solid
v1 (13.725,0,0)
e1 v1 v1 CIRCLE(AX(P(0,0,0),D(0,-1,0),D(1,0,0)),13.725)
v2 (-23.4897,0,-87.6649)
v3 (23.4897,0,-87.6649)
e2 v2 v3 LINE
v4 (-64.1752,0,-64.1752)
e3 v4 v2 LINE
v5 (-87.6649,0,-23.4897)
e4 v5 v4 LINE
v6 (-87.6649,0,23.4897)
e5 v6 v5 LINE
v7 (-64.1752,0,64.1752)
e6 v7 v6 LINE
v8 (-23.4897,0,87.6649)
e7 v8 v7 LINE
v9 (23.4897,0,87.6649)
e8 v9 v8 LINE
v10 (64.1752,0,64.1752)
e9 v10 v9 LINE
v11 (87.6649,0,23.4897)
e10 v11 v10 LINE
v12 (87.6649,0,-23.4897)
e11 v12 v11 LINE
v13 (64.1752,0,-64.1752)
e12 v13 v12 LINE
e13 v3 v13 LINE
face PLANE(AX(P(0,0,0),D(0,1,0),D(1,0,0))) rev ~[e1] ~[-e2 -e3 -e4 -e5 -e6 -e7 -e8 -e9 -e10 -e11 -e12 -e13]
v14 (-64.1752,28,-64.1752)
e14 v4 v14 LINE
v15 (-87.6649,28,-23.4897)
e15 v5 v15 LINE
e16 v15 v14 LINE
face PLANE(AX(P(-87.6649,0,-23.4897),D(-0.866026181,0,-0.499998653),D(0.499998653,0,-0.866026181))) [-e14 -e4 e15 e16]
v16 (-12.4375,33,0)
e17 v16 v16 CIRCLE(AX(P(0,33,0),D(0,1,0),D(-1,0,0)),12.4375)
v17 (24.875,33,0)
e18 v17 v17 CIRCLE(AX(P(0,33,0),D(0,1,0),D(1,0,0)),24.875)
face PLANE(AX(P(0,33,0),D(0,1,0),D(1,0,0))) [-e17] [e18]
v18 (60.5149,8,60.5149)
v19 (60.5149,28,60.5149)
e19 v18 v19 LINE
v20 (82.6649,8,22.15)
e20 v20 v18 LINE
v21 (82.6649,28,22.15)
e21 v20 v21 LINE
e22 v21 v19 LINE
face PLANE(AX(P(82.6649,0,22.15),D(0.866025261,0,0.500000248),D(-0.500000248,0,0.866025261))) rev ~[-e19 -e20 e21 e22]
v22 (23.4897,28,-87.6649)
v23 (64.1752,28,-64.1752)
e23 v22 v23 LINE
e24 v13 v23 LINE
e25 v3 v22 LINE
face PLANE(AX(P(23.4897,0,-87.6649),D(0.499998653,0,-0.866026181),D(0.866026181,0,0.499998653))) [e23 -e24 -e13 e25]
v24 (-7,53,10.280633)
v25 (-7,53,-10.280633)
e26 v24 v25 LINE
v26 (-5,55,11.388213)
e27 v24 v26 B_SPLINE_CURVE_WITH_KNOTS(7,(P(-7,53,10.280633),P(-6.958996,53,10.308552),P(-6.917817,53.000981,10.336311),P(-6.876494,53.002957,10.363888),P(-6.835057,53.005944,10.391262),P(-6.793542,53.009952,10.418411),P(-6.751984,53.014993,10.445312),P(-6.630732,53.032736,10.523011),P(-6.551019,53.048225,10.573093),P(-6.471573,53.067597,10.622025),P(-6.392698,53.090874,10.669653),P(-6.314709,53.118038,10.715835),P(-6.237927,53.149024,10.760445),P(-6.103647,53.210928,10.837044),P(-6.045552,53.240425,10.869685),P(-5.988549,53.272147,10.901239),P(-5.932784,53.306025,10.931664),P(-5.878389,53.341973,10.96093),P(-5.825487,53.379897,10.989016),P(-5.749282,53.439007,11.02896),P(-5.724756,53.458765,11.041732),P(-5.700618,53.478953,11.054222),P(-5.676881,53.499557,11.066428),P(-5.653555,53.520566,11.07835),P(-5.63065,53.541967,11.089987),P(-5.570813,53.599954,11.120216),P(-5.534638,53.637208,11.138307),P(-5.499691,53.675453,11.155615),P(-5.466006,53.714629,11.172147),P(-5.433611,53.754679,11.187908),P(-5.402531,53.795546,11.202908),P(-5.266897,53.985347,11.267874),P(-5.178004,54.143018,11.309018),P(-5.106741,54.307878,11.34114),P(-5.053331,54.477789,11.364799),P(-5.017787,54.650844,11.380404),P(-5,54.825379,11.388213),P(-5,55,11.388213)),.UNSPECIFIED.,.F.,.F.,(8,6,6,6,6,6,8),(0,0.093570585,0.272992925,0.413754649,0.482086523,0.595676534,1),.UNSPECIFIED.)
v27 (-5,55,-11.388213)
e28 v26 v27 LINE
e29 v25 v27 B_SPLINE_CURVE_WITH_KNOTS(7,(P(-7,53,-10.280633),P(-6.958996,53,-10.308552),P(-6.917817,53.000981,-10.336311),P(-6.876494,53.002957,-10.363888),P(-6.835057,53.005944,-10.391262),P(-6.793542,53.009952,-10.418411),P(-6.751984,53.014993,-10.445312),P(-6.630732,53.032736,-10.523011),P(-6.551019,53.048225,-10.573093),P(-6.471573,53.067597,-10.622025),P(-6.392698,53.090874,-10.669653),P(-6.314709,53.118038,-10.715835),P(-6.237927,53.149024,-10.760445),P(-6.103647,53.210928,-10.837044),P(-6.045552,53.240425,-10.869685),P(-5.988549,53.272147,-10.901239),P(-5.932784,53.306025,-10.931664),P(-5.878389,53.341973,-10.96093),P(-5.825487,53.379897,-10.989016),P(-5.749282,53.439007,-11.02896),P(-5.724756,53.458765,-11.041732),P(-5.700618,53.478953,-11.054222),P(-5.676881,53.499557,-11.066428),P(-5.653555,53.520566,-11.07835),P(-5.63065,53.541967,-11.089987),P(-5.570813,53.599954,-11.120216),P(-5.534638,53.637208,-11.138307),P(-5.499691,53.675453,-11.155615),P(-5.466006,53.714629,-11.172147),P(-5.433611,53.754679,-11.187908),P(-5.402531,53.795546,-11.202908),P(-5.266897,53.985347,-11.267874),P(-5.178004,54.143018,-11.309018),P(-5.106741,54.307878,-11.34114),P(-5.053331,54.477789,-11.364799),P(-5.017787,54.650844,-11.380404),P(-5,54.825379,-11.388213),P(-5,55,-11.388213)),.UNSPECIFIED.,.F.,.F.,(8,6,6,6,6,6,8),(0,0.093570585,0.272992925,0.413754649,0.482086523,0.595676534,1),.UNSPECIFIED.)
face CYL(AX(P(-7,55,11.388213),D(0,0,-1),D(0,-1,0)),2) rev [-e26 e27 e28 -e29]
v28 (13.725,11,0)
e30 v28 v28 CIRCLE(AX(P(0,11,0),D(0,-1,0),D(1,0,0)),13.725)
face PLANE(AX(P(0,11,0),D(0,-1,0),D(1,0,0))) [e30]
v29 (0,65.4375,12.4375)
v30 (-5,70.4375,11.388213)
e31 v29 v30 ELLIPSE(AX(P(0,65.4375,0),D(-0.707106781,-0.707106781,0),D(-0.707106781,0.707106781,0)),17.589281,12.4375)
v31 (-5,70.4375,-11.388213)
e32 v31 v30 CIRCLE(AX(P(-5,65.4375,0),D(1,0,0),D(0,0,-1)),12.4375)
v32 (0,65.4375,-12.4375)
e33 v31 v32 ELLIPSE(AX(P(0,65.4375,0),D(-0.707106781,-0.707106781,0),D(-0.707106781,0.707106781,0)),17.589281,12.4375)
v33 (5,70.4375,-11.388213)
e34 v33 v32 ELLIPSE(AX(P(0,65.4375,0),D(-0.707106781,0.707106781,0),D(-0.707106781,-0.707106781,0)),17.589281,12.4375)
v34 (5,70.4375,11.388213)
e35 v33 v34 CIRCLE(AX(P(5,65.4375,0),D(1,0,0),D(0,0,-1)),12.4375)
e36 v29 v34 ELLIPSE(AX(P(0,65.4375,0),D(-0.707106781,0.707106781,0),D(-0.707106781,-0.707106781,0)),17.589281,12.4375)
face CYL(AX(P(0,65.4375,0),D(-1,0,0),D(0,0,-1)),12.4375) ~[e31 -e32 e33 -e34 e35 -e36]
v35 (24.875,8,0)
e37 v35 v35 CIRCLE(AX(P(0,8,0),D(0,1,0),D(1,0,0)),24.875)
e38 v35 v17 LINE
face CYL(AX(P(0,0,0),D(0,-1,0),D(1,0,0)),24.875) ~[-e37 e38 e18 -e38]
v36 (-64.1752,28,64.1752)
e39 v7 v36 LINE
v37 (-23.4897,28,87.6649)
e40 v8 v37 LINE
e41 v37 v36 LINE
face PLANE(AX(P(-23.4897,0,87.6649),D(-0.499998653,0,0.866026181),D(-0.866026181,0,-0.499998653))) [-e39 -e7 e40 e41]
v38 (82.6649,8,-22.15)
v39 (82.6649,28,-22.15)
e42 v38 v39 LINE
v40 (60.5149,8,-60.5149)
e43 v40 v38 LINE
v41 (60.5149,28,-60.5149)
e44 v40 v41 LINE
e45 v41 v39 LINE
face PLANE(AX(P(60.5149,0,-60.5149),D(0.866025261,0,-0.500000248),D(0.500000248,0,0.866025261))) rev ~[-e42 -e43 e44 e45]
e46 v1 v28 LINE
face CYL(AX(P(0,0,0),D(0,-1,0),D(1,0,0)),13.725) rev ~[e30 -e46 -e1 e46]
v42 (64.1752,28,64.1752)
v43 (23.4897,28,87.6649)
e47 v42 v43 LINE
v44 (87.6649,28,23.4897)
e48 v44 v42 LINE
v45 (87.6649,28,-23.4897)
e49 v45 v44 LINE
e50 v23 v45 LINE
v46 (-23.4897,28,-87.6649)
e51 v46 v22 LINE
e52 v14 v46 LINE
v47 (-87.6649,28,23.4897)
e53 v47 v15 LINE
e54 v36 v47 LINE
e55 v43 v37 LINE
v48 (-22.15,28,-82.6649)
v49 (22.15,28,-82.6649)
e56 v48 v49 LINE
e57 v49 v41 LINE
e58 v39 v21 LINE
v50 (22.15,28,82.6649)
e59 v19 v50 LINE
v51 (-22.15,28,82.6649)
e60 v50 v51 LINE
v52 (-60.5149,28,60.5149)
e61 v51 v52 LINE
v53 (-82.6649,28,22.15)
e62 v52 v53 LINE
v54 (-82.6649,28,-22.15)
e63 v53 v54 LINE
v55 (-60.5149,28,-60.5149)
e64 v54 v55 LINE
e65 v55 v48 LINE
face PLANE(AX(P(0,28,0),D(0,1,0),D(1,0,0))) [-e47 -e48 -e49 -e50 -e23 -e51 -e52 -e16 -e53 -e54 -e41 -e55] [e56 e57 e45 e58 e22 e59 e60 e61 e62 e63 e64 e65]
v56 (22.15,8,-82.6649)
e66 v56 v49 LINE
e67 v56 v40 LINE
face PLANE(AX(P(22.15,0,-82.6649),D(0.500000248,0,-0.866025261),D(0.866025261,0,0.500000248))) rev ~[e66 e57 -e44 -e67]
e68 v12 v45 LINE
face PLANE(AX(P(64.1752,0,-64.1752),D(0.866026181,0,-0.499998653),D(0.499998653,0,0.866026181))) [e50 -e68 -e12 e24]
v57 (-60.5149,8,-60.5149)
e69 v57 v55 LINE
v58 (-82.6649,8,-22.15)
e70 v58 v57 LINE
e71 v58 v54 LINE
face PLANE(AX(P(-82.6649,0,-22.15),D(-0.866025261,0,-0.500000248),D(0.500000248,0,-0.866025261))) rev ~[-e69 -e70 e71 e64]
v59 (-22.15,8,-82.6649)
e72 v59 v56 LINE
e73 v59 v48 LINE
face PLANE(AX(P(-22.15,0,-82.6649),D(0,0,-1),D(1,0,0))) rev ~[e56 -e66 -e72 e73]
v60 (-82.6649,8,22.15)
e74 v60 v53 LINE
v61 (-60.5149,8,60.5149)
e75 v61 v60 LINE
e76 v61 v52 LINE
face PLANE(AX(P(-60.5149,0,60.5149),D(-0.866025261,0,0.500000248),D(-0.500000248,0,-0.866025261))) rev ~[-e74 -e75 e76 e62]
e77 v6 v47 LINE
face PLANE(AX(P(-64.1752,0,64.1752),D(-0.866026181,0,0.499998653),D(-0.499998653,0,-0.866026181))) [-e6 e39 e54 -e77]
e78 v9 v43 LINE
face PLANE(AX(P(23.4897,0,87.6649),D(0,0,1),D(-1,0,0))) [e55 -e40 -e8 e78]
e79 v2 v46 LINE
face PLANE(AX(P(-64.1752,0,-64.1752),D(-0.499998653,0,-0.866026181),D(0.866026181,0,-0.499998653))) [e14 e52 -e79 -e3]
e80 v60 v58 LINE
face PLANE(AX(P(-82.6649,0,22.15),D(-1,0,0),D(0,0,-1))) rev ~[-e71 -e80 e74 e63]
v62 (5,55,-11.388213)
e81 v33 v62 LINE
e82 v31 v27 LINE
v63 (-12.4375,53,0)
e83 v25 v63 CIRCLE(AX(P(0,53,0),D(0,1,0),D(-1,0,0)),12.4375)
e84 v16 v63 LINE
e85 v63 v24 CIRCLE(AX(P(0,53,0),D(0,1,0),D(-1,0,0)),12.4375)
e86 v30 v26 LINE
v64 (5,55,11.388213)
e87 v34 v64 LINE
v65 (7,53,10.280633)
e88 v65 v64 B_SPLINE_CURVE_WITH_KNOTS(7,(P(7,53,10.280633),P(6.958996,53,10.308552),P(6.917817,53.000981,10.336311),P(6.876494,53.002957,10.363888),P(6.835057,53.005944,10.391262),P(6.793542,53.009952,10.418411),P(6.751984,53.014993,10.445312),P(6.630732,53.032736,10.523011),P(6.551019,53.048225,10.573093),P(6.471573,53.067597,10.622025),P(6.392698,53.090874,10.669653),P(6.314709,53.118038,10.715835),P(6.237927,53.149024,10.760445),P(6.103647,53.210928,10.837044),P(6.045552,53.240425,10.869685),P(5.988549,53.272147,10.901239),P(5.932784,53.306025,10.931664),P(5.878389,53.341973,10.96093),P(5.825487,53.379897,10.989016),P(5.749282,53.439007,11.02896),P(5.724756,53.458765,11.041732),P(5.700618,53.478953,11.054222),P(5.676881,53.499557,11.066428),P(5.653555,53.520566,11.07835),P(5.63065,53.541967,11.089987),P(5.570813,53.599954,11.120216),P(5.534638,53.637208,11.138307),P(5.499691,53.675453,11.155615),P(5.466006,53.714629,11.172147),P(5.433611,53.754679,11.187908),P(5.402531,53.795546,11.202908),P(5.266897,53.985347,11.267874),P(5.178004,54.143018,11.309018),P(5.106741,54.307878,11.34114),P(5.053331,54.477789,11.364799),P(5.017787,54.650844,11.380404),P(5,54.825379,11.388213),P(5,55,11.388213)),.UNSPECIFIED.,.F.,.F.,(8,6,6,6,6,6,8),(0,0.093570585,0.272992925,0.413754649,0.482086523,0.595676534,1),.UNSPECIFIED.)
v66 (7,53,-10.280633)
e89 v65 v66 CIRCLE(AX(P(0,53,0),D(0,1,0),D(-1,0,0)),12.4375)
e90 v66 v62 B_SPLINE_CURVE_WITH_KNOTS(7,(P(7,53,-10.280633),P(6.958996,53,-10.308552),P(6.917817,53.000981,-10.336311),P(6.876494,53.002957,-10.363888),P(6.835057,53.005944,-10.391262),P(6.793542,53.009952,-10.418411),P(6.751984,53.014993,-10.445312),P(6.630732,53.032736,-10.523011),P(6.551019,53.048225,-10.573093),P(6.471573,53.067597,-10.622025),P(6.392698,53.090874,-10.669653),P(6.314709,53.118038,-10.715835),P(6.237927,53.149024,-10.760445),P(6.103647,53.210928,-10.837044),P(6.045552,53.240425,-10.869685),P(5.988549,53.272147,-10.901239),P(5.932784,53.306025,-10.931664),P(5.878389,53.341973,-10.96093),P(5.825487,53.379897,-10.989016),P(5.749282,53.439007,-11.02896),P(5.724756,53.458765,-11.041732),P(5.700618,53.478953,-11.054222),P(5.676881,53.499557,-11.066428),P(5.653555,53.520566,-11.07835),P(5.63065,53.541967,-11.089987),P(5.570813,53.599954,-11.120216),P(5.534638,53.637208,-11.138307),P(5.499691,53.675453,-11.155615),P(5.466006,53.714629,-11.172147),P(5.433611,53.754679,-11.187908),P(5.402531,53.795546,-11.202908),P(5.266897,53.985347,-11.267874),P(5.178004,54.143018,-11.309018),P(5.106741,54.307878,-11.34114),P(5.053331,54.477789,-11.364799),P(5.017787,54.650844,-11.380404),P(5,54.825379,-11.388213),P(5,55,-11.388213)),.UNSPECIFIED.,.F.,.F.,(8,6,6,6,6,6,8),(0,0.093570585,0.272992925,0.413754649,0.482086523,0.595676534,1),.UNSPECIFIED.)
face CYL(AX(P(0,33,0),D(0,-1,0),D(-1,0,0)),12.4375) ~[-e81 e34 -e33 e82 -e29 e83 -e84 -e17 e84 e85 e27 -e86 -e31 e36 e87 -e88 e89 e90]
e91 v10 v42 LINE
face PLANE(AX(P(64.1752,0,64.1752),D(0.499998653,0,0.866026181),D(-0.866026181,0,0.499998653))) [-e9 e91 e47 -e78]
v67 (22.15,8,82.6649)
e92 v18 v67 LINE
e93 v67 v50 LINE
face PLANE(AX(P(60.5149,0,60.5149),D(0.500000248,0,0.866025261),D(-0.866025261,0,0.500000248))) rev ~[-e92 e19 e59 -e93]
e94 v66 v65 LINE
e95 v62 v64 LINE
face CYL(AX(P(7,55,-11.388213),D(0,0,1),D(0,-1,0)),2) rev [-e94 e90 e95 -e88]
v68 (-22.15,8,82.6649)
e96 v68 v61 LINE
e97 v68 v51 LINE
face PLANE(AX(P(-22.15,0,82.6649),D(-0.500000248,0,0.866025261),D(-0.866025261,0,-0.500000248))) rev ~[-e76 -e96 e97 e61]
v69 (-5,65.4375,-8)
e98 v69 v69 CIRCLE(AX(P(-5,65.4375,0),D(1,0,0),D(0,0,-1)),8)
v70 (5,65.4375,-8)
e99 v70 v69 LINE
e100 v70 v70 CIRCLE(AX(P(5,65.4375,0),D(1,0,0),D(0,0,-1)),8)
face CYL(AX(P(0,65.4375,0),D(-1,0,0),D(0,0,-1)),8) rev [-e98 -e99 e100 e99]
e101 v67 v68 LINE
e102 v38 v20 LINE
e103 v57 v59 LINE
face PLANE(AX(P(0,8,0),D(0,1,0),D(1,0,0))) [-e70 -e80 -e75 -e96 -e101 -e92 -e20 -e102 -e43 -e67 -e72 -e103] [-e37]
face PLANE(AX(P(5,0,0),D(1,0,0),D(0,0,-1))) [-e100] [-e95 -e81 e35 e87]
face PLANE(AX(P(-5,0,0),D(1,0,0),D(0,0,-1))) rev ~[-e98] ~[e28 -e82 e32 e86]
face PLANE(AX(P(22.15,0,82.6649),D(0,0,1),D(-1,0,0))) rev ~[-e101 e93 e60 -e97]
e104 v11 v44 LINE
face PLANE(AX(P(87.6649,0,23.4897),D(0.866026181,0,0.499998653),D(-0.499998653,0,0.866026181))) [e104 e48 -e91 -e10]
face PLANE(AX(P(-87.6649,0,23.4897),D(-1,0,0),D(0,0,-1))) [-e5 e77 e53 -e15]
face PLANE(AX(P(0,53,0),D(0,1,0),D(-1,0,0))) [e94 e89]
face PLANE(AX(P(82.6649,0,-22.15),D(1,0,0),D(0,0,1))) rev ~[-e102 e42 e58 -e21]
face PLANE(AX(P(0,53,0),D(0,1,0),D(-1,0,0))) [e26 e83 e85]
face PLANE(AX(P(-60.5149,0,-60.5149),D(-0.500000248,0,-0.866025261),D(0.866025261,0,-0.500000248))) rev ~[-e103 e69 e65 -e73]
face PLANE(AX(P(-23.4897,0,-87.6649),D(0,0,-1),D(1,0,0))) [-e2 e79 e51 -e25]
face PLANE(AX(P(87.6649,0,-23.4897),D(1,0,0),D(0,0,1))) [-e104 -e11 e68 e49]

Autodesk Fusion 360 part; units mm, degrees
sketch "Sketch1" plane through (0, 0, 0) normal (0, 1, 0) x (1, 0, 0)
  circle A0 centre (0, 0) radius 24.875
  line L0 (-23.4897, 87.6649) -> (23.4897, 87.6649)
  line L1 (23.4897, 87.6649) -> (64.1752, 64.1752)
  line L2 (64.1752, 64.1752) -> (87.6649, 23.4897)
  line L3 (87.6649, 23.4897) -> (87.6649, -23.4897)
  line L4 (87.6649, -23.4897) -> (64.1752, -64.1752)
  line L5 (64.1752, -64.1752) -> (23.4897, -87.6649)
  line L6 (23.4897, -87.6649) -> (-23.4897, -87.6649)
  line L7 (-23.4897, -87.6649) -> (-64.1752, -64.1752)
  line L8 (-64.1752, -64.1752) -> (-87.6649, -23.4897)
  line L9 (-87.6649, -23.4897) -> (-87.6649, 23.4897)
  line L10 (-87.6649, 23.4897) -> (-64.1752, 64.1752)
  line L11 (-64.1752, 64.1752) -> (-23.4897, 87.6649)
  line L12 (-87.6649, 0) -> (0, 0) construction
  line L13 (0, 0) -> (87.6649, 0) construction
  line L14 (0, 0) -> (0, -87.6649) construction
  line L15 (0, 0) -> (0, 87.6649) construction
  line L16 (-22.15, 82.6649) -> (22.15, 82.6649)
  line L17 (22.15, 82.6649) -> (60.5149, 60.5149)
  line L18 (60.5149, 60.5149) -> (82.6649, 22.15)
  line L19 (82.6649, 22.15) -> (82.6649, -22.15)
  line L20 (82.6649, -22.15) -> (60.5149, -60.5149)
  line L21 (60.5149, -60.5149) -> (22.15, -82.6649)
  line L22 (22.15, -82.6649) -> (-22.15, -82.6649)
  line L23 (-22.15, -82.6649) -> (-60.5149, -60.5149)
  line L24 (-60.5149, -60.5149) -> (-82.6649, -22.15)
  line L25 (-82.6649, -22.15) -> (-82.6649, 22.15)
  line L26 (-82.6649, 22.15) -> (-60.5149, 60.5149)
  line L27 (-60.5149, 60.5149) -> (-22.15, 82.6649)
  line L28 (0, 0) -> (-82.6649, 0) construction
  line L29 (0, 0) -> (0, 82.6649) construction
  line L30 (0, 0) -> (82.6649, 0) construction
  line L31 (0, 0) -> (0, -82.6649) construction
  point P0 (24.875, 0)
  dimension "d1" = 49.75
  dimension "d3" = 150
  dimension "d4" = 62.7899
  dimension "d5" = 5
  dimension "d9" = 150
  dimension "d10" = 44.3
extrude "Extrude1" add sketch "Sketch1" along normal blind 8 contours L16 L17 L18 L19 L20 L21 L22 L23 L24 L25 L26 L27
extrude "Extrude6" add sketch "Sketch1" along normal blind 28 contours L0 L1 L2 L3 L4 L5 L6 L7 L8 L9 L10 L11
extrude "Extrude2" add sketch "Sketch1" along normal blind 33 contours A0
sketch "Sketch2" plane through (0, 33, 0) normal (0, 1, 0) x (-1, 0, 0)
  circle A0 centre (0, 0) radius 24.875
  circle A1 centre (0, 0) radius 12.4375
  dimension "d15" = 49.75
  dimension "d16" = 24.875
extrude "Extrude3" add sketch "Sketch2" along normal blind 20 contours A1
sketch "Sketch3" plane through (0, 0, 0) normal (1, 0, 0) x (0, 0, -1)
  line L0 (12.4375, 53) -> (-12.4375, 53)
  line L1 (-12.4375, 33) -> (12.4375, 33)
  line L2 (0, 53) -> (0, 65.4375) construction
  circle A0 centre (0, 65.4375) radius 12.4375
  circle A1 centre (0, 65.4375) radius 8
  line L3 (0, 65.4375) -> (-12.4375, 65.4375) construction
  line L4 (0, 65.4375) -> (12.4375, 65.4375) construction
  line L5 (-12.4375, 65.4375) -> (-12.4375, 53)
  line L6 (12.4375, 65.4375) -> (12.4375, 53)
  dimension "d19" = 24.875
  dimension "d20" = 16
  dimension "d21" = 24.875
extrude "Extrude4" add sketch "Sketch3" along normal mid plane 10
extrude "Extrude5" cut 1 faces at (20.5903, 33, 1.8537) along direction (0, 1, 0) blind 50
fillet "Fillet1" radius 2 2 edges at (5, 53, 0) (-5, 53, 0)
sketch "Sketch4" plane through (0, 0, 0) normal (0, -1, 0) x (1, 0, 0)
  line L0 (-87.6649, -23.4897) -> (-64.1752, -64.1752)
  line L1 (-64.1752, -64.1752) -> (-23.4897, -87.6649)
  line L2 (-23.4897, -87.6649) -> (23.4897, -87.6649)
  line L3 (23.4897, -87.6649) -> (64.1752, -64.1752)
  line L4 (64.1752, -64.1752) -> (87.6649, -23.4897)
  line L5 (87.6649, -23.4897) -> (87.6649, 23.4897)
  line L6 (87.6649, 23.4897) -> (64.1752, 64.1752)
  line L7 (64.1752, 64.1752) -> (23.4897, 87.6649)
  line L8 (23.4897, 87.6649) -> (-23.4897, 87.6649)
  line L9 (-23.4897, 87.6649) -> (-64.1752, 64.1752)
  line L10 (-64.1752, 64.1752) -> (-87.6649, 23.4897)
  line L11 (-87.6649, 23.4897) -> (-87.6649, -23.4897)
  line L12 (0, 87.6649) -> (0, -87.6649) construction
  line L13 (87.6649, 0) -> (-87.6649, 0) construction
  circle A0 centre (0, 0) radius 13.725
  dimension "d30" = 27.45
extrude "Extrude7" cut sketch "Sketch4" against normal blind 11 contours A0
equation "d9 = d3"
equation "d11 = 8 mm"
equation "d13 = d11 + 25 mm"
equation "d16 = d15 / 2"
equation "d19 = d21"
equation "d28 = d11 + 20 mm"
